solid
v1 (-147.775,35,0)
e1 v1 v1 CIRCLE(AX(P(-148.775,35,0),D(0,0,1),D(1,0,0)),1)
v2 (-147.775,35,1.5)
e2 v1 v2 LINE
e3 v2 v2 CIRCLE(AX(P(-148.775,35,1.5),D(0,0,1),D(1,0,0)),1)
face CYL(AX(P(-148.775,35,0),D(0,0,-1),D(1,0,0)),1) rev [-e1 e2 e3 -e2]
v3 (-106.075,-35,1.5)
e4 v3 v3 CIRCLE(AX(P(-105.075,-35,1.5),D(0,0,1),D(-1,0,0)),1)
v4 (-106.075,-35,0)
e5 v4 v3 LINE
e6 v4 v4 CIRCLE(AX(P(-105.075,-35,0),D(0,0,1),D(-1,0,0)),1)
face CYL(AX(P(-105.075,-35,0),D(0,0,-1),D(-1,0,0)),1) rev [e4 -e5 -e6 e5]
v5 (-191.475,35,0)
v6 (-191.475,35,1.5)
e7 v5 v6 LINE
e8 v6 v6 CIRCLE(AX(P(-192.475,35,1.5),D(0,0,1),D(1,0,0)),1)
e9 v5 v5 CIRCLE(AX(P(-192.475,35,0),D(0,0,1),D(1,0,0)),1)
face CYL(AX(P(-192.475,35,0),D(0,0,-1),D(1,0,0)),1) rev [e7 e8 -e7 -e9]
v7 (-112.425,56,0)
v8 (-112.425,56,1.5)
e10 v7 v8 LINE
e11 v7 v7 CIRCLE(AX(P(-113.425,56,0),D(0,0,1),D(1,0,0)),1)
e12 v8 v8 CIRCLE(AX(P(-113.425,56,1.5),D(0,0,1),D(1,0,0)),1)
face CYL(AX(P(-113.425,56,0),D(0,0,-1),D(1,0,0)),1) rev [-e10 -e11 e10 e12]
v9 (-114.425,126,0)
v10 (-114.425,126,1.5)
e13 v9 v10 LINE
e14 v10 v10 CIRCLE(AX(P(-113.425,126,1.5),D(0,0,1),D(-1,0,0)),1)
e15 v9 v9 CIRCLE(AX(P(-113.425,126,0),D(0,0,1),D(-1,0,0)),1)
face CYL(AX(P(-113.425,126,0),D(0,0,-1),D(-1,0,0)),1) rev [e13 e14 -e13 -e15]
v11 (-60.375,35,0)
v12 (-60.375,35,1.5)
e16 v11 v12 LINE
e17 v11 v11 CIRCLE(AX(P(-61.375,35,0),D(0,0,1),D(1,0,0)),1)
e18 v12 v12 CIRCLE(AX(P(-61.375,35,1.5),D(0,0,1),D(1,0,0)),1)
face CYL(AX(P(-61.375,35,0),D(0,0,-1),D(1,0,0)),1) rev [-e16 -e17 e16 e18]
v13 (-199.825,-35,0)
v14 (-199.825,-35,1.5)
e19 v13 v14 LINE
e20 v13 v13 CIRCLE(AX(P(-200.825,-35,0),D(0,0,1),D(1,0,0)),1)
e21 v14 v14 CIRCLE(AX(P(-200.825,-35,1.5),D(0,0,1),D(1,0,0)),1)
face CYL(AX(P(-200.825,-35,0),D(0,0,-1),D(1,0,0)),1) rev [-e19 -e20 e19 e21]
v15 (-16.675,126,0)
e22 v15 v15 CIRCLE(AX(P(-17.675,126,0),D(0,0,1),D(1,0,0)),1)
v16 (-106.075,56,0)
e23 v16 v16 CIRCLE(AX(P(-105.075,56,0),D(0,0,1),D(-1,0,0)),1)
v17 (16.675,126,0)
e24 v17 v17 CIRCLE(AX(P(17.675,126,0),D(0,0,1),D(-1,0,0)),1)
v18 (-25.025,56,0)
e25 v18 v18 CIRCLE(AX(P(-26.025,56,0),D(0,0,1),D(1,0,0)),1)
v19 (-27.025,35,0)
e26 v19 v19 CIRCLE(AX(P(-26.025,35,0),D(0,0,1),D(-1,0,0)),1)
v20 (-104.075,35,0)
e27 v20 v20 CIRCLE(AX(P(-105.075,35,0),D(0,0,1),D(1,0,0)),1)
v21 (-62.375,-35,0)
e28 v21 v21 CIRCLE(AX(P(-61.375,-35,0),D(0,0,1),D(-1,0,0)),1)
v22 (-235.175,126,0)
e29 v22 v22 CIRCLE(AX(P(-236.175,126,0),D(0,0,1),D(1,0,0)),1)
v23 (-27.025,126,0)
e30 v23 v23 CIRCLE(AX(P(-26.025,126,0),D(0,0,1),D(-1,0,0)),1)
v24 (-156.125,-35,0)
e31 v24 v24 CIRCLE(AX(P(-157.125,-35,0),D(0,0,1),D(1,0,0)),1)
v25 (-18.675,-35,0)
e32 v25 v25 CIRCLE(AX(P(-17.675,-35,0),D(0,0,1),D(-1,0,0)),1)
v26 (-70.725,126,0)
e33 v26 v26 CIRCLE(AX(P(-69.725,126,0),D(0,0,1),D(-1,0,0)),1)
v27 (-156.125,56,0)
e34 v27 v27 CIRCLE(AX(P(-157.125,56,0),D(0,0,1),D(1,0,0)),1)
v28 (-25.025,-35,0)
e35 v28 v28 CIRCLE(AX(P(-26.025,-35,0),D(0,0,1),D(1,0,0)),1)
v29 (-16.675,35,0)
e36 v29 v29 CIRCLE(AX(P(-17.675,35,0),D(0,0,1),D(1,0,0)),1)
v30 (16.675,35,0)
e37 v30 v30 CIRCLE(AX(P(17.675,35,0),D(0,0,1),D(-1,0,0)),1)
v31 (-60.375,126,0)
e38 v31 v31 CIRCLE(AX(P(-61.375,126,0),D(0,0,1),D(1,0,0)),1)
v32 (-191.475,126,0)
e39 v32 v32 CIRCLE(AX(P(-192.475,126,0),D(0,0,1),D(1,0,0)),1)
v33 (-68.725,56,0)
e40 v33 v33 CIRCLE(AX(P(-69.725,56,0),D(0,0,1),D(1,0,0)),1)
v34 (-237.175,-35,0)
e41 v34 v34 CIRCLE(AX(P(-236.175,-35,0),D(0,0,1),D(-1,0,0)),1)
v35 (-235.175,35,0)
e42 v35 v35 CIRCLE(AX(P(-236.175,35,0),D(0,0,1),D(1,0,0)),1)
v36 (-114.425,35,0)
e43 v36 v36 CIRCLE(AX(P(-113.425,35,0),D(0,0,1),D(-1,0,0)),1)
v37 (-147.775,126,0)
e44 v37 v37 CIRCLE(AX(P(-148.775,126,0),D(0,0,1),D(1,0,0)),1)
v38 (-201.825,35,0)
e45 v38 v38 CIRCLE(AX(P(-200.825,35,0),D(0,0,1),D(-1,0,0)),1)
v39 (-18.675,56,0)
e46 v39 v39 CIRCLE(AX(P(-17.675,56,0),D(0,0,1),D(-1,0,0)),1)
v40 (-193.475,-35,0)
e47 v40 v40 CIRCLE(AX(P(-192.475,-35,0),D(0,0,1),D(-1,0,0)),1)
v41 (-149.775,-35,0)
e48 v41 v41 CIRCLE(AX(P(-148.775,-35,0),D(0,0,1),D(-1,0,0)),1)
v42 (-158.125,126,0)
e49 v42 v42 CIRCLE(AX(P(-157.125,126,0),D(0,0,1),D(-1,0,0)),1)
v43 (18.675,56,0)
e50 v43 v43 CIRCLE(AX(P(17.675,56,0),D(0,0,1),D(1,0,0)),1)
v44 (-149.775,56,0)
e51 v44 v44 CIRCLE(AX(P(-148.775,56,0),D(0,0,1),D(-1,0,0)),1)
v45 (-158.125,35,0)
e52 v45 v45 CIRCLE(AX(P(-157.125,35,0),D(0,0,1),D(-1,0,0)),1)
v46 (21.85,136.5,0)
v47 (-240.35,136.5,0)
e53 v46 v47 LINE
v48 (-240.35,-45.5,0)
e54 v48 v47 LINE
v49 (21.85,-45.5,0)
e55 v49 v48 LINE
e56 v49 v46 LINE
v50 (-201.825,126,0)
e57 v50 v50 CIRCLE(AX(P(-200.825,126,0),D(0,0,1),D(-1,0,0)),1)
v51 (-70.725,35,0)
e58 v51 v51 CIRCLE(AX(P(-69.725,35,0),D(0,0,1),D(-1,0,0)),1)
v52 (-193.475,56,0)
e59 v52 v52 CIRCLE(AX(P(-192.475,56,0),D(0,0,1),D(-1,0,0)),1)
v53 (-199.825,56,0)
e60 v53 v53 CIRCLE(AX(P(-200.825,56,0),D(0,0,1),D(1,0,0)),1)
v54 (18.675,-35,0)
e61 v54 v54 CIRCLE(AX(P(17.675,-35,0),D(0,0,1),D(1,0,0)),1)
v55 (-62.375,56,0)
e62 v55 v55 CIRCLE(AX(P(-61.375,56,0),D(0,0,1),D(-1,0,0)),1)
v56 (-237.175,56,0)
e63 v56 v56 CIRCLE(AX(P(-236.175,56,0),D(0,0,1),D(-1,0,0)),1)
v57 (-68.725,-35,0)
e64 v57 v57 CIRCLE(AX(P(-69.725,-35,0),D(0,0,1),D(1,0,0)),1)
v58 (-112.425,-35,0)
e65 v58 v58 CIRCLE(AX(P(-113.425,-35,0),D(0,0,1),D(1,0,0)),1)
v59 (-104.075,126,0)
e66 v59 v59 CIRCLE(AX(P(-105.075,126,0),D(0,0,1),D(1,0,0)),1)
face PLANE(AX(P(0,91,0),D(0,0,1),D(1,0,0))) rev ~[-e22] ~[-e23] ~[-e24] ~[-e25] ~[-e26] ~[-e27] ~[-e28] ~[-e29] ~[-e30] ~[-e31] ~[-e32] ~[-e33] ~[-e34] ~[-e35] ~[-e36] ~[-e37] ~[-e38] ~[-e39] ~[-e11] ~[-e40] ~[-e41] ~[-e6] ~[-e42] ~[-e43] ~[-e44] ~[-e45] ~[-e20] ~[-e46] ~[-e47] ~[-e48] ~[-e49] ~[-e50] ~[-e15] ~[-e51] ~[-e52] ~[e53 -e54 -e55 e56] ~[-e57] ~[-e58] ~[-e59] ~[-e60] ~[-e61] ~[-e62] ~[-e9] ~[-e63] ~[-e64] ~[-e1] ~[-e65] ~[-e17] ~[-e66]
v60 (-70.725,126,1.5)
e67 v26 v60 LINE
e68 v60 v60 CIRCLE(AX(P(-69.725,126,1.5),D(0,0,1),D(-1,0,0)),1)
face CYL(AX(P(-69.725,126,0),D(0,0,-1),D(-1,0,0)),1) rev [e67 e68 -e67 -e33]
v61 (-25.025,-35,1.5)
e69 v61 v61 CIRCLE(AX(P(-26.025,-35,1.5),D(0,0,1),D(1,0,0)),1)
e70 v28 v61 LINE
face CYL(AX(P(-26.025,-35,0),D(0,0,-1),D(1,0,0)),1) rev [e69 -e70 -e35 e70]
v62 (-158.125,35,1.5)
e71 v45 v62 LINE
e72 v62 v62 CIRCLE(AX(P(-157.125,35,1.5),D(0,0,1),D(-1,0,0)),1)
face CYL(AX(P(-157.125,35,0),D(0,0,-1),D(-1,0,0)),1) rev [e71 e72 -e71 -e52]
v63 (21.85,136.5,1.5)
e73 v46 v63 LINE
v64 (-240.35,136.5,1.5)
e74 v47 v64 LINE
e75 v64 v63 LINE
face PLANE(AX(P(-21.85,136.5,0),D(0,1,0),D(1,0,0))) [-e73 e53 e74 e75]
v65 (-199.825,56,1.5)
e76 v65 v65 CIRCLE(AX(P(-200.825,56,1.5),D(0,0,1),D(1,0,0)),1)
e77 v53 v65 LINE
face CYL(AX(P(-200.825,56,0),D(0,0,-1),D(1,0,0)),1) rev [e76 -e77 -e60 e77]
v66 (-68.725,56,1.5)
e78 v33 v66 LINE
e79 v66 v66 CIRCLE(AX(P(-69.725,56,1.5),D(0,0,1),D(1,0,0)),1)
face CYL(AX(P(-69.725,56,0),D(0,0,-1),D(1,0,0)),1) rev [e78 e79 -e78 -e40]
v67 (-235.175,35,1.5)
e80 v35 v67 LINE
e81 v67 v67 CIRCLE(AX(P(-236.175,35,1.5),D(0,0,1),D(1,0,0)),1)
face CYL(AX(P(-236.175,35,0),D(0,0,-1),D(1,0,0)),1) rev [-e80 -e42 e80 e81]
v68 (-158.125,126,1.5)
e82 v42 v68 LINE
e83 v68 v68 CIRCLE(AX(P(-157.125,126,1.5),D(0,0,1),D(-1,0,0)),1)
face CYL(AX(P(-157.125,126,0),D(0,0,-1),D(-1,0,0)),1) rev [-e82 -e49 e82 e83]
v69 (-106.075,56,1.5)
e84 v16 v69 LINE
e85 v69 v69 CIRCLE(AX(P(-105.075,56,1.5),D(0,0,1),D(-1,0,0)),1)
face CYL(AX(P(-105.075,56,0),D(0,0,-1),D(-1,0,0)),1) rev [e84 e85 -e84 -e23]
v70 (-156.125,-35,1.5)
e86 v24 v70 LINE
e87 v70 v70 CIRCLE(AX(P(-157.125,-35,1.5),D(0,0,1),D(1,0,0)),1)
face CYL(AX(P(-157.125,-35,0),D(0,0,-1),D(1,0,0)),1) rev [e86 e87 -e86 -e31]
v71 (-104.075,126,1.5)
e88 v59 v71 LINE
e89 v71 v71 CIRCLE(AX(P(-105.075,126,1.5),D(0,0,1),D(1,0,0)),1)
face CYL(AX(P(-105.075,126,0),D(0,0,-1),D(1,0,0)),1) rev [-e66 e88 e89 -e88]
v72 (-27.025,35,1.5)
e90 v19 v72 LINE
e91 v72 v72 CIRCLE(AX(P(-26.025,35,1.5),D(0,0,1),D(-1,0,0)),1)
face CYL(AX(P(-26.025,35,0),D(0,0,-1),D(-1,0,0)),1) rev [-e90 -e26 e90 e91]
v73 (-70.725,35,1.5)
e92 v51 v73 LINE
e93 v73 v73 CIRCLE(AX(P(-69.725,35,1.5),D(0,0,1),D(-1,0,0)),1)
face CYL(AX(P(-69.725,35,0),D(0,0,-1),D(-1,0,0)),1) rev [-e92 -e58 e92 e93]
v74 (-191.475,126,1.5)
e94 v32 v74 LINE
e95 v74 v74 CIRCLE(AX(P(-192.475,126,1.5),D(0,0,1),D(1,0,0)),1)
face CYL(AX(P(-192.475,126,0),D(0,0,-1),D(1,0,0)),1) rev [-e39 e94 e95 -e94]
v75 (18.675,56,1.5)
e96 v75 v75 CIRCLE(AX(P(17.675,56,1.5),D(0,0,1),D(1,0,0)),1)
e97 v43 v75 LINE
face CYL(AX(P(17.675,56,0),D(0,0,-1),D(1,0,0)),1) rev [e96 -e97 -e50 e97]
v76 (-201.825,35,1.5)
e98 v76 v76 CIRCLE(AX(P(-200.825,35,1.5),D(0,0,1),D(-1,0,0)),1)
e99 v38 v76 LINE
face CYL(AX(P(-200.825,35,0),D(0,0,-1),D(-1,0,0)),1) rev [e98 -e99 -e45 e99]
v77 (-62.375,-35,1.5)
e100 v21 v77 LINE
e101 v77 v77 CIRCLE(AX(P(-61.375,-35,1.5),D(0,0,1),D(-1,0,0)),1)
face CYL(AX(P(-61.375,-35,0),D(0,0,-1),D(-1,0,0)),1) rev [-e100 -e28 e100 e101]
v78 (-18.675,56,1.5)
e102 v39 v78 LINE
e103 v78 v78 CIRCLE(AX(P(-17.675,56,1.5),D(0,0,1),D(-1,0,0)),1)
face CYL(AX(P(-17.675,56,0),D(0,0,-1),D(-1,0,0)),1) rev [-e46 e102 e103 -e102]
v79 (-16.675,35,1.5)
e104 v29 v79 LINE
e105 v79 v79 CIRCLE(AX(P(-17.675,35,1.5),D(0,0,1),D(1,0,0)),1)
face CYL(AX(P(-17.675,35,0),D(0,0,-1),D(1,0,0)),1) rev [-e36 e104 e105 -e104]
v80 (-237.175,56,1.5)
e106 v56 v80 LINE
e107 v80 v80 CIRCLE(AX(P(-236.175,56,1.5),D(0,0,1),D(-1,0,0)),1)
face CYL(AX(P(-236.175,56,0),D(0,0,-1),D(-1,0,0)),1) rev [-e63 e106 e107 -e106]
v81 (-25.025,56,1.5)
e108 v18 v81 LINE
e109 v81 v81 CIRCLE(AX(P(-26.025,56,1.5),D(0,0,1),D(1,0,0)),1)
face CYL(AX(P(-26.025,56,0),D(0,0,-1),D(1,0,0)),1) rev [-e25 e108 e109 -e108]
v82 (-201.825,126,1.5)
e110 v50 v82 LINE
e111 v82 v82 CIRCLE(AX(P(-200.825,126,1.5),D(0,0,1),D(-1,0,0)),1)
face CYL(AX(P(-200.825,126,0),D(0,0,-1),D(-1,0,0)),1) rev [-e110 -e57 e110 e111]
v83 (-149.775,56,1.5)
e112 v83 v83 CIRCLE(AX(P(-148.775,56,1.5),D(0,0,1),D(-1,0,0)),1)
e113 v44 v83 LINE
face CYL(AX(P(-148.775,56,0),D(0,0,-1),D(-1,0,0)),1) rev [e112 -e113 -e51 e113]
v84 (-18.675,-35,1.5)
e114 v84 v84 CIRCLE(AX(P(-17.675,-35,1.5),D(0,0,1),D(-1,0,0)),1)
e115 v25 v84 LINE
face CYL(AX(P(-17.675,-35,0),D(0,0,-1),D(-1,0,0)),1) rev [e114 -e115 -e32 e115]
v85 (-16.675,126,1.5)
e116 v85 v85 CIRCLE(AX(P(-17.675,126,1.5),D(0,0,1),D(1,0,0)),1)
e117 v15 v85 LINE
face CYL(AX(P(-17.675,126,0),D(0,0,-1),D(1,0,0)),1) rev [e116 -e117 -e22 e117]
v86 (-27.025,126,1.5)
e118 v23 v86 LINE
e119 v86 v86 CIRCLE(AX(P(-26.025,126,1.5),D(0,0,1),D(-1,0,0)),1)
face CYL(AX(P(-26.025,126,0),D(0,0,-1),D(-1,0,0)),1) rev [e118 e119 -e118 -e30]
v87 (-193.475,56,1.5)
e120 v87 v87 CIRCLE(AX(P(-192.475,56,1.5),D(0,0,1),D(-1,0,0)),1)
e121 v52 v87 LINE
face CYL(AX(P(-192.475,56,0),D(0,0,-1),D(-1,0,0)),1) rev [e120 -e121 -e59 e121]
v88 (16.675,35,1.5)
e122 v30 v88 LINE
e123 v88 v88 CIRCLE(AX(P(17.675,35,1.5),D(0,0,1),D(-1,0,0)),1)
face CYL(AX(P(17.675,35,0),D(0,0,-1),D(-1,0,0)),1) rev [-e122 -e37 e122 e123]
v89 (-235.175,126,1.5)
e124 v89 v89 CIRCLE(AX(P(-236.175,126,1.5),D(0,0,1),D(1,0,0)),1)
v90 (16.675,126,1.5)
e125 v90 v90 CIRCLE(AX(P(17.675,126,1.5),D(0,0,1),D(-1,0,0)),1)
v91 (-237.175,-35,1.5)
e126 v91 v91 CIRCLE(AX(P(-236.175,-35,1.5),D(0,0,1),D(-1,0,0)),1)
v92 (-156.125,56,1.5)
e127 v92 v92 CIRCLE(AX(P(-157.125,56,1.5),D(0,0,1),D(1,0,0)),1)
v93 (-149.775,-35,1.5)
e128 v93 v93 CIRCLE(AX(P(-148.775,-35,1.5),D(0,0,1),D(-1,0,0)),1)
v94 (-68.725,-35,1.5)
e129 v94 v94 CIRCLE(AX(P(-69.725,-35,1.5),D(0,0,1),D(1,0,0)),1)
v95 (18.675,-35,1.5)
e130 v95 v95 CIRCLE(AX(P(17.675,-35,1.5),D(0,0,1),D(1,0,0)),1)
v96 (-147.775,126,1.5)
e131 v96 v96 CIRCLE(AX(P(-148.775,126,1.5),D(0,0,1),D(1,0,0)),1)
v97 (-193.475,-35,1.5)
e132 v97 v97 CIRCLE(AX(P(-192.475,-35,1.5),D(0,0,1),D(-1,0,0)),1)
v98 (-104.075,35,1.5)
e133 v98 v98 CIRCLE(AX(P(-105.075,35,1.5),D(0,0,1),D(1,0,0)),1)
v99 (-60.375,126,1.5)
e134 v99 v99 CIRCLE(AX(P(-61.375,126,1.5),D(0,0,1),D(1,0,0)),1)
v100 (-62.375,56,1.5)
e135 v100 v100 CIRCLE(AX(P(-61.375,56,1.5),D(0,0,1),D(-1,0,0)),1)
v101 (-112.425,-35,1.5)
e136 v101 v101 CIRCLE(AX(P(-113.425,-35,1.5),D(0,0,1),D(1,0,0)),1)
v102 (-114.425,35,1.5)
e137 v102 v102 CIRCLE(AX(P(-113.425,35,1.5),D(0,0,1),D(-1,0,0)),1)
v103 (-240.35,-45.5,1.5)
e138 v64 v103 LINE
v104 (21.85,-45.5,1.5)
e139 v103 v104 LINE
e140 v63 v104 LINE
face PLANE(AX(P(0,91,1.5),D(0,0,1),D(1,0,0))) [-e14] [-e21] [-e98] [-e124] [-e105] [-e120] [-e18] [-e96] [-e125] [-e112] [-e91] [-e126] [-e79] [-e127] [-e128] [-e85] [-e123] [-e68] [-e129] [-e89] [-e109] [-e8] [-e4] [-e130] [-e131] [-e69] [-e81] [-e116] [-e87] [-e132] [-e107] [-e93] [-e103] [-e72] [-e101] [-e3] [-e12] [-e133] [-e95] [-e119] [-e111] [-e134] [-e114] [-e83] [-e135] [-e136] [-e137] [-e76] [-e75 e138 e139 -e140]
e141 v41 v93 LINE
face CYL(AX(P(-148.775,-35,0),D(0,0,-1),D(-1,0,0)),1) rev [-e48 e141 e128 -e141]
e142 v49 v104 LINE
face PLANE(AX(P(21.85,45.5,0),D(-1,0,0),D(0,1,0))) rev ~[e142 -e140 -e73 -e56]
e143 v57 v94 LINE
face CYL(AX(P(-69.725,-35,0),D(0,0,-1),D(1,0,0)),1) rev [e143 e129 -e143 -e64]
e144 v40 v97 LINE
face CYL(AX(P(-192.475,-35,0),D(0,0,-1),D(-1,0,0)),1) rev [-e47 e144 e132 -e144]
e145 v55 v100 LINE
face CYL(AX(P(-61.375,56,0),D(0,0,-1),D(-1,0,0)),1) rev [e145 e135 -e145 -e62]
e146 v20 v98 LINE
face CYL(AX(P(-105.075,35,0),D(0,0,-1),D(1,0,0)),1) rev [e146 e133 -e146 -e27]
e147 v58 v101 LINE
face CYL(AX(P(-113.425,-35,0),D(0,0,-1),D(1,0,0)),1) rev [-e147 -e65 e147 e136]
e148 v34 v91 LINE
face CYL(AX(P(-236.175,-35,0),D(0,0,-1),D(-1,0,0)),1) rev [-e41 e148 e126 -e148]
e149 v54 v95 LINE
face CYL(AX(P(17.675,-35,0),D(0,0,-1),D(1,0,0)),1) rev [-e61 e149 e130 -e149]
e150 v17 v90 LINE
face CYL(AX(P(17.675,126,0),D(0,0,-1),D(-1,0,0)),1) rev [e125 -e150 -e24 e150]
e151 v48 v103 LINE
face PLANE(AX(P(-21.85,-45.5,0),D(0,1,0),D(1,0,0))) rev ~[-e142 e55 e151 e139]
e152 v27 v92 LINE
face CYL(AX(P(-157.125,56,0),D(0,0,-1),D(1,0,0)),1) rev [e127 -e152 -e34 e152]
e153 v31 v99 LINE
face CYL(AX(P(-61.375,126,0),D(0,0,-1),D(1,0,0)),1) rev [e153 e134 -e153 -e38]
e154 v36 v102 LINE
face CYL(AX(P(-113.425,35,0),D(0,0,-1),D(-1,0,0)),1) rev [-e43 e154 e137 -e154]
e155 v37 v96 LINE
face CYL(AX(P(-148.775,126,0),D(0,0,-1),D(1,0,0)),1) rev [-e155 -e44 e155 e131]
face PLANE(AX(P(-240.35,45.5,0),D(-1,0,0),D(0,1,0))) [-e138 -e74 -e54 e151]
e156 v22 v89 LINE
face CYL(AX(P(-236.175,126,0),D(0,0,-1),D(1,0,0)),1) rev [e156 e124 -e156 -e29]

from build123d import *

# Parameters (mm, degrees)
SKETCH1_W            = 43.7
SKETCH1_H            = 91
SKETCH1_R            = 1
BOSS_EXTRUDE1_DEPTH  = 1.5
LPATTERN1_COUNT      = 6
LPATTERN1_PITCH      = 43.7
LPATTERN1_COUNT_DIR2 = 2
LPATTERN1_PITCH_DIR2 = 91


with BuildPart() as part:
    # Sketch1 → Boss-Extrude1 (new body)
    with BuildSketch(Plane.XY):
        Rectangle(SKETCH1_W, SKETCH1_H)
        with Locations((-17.675, 35)):
            Circle(SKETCH1_R, mode=Mode.SUBTRACT)
        with Locations(Location((17.675, 35, 0), (0, 0, 180))):
            Circle(SKETCH1_R, mode=Mode.SUBTRACT)
        with Locations((17.675, -35)):
            Circle(SKETCH1_R, mode=Mode.SUBTRACT)
        with Locations(Location((-17.675, -35, 0), (0, 0, 180))):
            Circle(SKETCH1_R, mode=Mode.SUBTRACT)
    boss_extrude1 = extrude(amount=BOSS_EXTRUDE1_DEPTH)

    # LPattern1: Boss-Extrude1 6 × 2
    with Locations(*[(-i * LPATTERN1_PITCH, j * LPATTERN1_PITCH_DIR2, 0) for i in range(LPATTERN1_COUNT) for j in range(LPATTERN1_COUNT_DIR2) if (i, j) != (0, 0)]):
        add(boss_extrude1)


solid = part.part
